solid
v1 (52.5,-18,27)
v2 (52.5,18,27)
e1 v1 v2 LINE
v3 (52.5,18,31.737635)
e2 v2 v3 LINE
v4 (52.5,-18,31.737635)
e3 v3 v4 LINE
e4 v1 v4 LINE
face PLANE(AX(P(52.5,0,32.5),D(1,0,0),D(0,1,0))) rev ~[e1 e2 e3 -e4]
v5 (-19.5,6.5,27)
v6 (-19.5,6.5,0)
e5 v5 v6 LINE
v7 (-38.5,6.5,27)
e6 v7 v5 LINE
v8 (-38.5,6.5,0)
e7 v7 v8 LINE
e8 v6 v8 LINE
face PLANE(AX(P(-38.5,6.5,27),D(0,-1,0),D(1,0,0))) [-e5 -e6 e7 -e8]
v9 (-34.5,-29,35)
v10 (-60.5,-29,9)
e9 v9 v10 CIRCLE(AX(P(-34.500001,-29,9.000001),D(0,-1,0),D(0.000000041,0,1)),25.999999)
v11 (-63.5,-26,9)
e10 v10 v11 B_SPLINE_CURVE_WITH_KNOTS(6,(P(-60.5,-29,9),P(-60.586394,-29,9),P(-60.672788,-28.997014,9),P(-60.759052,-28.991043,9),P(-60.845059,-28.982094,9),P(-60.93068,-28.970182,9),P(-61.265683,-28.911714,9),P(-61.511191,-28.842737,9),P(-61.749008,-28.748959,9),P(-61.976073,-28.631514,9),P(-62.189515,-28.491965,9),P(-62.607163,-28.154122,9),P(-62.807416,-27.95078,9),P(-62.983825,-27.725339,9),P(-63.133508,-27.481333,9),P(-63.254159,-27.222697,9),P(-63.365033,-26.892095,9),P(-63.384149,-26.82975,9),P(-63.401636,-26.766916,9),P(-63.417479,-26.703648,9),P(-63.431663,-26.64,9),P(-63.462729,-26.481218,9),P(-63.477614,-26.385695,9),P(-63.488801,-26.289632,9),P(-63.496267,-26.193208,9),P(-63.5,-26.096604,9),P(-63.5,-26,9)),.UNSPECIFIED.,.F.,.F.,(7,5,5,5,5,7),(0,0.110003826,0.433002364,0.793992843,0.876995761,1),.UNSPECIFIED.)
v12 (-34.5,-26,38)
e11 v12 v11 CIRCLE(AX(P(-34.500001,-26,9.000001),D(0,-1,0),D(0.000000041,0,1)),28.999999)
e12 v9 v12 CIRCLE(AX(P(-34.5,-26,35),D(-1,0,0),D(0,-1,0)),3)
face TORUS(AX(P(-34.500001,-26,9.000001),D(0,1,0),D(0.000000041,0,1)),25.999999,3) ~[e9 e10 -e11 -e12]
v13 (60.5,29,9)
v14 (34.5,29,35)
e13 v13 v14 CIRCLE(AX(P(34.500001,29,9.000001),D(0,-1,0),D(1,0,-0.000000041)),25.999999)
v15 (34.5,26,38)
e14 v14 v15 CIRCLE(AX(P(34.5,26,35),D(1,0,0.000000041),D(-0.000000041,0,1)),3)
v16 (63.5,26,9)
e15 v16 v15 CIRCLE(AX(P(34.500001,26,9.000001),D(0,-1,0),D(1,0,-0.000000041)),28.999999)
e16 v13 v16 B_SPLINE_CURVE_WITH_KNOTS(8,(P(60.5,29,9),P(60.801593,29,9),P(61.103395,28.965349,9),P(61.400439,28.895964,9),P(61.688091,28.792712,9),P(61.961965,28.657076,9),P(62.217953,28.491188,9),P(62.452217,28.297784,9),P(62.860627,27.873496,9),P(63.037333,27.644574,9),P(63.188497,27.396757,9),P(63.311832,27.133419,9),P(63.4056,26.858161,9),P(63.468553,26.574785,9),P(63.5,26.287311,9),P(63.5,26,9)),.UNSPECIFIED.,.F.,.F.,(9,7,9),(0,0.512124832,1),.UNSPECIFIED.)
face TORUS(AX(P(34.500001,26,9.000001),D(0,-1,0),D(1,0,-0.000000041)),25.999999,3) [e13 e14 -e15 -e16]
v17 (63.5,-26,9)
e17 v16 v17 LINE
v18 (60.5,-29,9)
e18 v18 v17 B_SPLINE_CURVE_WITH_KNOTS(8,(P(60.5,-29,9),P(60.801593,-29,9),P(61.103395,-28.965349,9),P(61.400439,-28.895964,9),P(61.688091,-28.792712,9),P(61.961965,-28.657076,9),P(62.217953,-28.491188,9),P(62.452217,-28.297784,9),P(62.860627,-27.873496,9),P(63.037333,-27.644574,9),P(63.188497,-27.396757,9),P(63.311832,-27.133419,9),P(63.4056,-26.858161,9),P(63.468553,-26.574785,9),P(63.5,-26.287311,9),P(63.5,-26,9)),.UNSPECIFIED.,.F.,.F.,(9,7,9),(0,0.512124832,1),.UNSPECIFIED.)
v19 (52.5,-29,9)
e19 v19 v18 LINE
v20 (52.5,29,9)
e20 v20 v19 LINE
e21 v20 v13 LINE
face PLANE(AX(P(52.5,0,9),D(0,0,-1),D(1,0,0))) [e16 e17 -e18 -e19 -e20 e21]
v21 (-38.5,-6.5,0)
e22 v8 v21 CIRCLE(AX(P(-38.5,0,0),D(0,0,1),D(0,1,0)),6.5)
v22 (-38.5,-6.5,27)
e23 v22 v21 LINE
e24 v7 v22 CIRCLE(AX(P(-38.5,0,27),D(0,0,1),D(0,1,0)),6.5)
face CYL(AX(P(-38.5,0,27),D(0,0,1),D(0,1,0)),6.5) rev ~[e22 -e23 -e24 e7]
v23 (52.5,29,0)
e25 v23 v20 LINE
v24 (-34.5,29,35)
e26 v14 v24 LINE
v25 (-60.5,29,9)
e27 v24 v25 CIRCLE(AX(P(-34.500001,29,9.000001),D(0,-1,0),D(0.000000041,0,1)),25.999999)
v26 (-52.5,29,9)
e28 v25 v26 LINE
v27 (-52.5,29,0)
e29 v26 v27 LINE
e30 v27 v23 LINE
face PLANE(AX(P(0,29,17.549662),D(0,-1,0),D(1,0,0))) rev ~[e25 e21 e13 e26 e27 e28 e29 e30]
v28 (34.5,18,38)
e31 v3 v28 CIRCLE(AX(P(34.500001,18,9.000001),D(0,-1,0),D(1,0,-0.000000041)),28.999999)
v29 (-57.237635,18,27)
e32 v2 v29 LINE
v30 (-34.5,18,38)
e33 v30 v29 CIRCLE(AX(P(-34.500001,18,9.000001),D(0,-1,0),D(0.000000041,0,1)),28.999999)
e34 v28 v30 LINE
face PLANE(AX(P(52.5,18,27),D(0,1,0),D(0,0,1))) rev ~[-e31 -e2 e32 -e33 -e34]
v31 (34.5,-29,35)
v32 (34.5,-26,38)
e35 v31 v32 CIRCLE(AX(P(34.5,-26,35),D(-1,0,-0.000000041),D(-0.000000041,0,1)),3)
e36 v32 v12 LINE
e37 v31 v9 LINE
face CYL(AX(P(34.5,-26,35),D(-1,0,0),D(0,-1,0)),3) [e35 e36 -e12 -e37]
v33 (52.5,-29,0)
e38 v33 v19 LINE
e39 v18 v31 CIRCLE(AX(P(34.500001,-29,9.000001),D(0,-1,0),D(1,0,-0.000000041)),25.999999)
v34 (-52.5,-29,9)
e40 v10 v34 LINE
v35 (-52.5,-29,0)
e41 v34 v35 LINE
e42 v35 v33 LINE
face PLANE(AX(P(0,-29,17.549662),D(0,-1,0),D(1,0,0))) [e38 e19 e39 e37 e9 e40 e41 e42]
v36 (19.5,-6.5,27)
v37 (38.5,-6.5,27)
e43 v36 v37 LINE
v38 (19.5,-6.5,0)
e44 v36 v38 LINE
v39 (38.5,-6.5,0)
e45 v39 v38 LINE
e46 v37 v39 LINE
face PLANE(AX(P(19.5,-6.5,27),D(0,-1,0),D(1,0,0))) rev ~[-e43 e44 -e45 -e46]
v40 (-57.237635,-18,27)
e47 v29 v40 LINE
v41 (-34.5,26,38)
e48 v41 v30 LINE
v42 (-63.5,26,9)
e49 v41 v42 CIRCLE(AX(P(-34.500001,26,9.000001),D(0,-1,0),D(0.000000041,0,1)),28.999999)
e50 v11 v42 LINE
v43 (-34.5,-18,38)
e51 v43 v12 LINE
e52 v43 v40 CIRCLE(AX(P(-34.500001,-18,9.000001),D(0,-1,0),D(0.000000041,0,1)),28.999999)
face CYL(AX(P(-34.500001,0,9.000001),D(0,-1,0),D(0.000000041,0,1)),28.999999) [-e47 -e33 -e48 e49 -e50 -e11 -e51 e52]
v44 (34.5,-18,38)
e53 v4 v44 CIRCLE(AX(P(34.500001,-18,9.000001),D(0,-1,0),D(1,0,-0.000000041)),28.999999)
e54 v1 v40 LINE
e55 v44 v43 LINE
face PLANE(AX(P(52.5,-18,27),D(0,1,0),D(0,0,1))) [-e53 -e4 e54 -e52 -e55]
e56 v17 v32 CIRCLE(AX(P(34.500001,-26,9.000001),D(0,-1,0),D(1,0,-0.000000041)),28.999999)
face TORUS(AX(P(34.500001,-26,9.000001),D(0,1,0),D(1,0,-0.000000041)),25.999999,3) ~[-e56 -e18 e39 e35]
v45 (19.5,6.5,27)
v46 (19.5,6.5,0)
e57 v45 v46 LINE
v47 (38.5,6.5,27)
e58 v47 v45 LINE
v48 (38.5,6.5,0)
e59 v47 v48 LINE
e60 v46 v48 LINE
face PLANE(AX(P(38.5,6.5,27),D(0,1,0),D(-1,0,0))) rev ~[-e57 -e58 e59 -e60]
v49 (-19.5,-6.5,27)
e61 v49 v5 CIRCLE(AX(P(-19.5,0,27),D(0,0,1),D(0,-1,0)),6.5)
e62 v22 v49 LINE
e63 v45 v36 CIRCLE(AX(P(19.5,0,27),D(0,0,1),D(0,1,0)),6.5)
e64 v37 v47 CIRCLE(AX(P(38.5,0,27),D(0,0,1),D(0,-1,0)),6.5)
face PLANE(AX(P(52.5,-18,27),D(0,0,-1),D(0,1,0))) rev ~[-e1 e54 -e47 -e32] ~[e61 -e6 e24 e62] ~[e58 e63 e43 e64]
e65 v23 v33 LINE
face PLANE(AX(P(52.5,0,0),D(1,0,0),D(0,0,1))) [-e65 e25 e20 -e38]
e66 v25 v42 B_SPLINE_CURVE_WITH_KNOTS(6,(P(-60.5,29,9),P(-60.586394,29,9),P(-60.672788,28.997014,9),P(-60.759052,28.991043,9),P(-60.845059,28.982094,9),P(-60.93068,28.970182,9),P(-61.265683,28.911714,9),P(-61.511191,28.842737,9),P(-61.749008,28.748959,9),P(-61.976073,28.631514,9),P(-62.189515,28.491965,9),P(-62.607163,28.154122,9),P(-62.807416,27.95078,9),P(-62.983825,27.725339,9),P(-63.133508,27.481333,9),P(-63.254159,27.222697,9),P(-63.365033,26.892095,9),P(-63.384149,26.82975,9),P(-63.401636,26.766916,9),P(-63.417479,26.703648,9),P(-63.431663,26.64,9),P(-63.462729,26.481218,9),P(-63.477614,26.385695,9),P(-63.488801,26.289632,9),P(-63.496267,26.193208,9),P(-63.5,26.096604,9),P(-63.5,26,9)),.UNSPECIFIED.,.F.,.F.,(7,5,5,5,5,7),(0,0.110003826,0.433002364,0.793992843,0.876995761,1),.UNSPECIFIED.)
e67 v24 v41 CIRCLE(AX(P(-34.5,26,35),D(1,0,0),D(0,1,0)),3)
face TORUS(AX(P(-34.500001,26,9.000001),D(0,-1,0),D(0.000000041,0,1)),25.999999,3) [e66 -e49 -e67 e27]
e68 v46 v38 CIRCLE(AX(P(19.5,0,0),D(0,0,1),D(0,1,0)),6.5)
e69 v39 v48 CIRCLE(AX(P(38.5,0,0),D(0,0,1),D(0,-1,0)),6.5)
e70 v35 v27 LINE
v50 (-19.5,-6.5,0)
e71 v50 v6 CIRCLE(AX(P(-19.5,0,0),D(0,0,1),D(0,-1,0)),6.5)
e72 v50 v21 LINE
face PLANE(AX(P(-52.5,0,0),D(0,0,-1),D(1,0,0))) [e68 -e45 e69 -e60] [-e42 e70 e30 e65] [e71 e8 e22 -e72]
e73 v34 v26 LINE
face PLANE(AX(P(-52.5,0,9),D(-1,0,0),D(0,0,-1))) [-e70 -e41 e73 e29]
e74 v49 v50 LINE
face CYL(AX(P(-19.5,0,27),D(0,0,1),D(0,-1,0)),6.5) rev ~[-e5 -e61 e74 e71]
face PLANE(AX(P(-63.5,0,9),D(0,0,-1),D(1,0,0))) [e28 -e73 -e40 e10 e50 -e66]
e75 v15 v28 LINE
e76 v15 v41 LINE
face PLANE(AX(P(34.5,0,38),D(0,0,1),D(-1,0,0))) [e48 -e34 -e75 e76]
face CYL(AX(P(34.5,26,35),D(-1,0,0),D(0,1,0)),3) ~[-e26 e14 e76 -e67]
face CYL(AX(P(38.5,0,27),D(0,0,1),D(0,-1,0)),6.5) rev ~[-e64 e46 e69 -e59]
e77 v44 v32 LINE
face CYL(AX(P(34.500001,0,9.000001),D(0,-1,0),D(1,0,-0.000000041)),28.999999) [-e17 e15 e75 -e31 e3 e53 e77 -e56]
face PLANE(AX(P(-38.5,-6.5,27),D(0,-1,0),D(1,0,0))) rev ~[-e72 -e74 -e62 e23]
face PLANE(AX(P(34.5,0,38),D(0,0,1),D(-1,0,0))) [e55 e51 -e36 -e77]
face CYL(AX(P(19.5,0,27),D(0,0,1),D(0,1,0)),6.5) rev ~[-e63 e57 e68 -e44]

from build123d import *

# Parameters (mm, degrees)
F1_DEPTH = 29
F2_W     = 36
F2_H     = 11
F3_DEPTH = 116.001
F4_R     = 3
F5_W     = 19
F5_H     = 13
F6_DEPTH = 27.001


with BuildPart() as f1:
    # F0 (on Front) → F1 (new body, symmetric)
    with BuildSketch(Plane.XZ):
        with BuildLine():
            Line((-52.5, 0), (0, 0))
            Line((0, 0), (52.5, 0))
            Line((52.5, 0), (52.5, 9))
            Line((52.5, 9), (63.5, 9))
            ThreePointArc((63.5, 9), (55.006097, 29.506097), (34.5, 38))
            Line((34.5, 38), (0, 38))
            Line((0, 38), (-34.5, 38))
            ThreePointArc((-34.5, 38), (-55.006097, 29.506097), (-63.5, 9))
            Line((-63.5, 9), (-52.5, 9))
            Line((-52.5, 9), (-52.5, 0))
        make_face()
    extrude(amount=F1_DEPTH, both=True)

    # F2 (on face) → F3 (cut, through all)
    with BuildSketch(Plane.YZ.offset(52.5)):
        with Locations((0, 32.5)):
            Rectangle(F2_W, F2_H)
    extrude(amount=-F3_DEPTH, mode=Mode.SUBTRACT)

    # F4
    f4_edges = [f1.edges().sort_by_distance(p)[0] for p in [
        (0, 29, 38),
        (0, -29, 38),
    ]]
    fillet(f4_edges, radius=F4_R)

    # F5 (on face) → F6 (cut, through all)
    with BuildSketch(Plane.XY.offset(27)):
        with BuildLine():
            ThreePointArc((-38.5, 6.5), (-45, 0), (-38.5, -6.5))
            Line((-38.5, -6.5), (-38.5, 6.5))
        make_face()
        with Locations((-29, 0)):
            Rectangle(F5_W, F5_H)
        with BuildLine():
            Line((-19.5, 6.5), (-19.5, -6.5))
            ThreePointArc((-19.5, -6.5), (-13, 0), (-19.5, 6.5))
        make_face()
        with BuildLine():
            ThreePointArc((38.5, -6.5), (45, 0), (38.5, 6.5))
            Line((38.5, 6.5), (19.5, 6.5))
            ThreePointArc((19.5, 6.5), (13, 0), (19.5, -6.5))
            Line((19.5, -6.5), (38.5, -6.5))
        make_face()
    extrude(amount=-F6_DEPTH, mode=Mode.SUBTRACT)


solid = f1.part
